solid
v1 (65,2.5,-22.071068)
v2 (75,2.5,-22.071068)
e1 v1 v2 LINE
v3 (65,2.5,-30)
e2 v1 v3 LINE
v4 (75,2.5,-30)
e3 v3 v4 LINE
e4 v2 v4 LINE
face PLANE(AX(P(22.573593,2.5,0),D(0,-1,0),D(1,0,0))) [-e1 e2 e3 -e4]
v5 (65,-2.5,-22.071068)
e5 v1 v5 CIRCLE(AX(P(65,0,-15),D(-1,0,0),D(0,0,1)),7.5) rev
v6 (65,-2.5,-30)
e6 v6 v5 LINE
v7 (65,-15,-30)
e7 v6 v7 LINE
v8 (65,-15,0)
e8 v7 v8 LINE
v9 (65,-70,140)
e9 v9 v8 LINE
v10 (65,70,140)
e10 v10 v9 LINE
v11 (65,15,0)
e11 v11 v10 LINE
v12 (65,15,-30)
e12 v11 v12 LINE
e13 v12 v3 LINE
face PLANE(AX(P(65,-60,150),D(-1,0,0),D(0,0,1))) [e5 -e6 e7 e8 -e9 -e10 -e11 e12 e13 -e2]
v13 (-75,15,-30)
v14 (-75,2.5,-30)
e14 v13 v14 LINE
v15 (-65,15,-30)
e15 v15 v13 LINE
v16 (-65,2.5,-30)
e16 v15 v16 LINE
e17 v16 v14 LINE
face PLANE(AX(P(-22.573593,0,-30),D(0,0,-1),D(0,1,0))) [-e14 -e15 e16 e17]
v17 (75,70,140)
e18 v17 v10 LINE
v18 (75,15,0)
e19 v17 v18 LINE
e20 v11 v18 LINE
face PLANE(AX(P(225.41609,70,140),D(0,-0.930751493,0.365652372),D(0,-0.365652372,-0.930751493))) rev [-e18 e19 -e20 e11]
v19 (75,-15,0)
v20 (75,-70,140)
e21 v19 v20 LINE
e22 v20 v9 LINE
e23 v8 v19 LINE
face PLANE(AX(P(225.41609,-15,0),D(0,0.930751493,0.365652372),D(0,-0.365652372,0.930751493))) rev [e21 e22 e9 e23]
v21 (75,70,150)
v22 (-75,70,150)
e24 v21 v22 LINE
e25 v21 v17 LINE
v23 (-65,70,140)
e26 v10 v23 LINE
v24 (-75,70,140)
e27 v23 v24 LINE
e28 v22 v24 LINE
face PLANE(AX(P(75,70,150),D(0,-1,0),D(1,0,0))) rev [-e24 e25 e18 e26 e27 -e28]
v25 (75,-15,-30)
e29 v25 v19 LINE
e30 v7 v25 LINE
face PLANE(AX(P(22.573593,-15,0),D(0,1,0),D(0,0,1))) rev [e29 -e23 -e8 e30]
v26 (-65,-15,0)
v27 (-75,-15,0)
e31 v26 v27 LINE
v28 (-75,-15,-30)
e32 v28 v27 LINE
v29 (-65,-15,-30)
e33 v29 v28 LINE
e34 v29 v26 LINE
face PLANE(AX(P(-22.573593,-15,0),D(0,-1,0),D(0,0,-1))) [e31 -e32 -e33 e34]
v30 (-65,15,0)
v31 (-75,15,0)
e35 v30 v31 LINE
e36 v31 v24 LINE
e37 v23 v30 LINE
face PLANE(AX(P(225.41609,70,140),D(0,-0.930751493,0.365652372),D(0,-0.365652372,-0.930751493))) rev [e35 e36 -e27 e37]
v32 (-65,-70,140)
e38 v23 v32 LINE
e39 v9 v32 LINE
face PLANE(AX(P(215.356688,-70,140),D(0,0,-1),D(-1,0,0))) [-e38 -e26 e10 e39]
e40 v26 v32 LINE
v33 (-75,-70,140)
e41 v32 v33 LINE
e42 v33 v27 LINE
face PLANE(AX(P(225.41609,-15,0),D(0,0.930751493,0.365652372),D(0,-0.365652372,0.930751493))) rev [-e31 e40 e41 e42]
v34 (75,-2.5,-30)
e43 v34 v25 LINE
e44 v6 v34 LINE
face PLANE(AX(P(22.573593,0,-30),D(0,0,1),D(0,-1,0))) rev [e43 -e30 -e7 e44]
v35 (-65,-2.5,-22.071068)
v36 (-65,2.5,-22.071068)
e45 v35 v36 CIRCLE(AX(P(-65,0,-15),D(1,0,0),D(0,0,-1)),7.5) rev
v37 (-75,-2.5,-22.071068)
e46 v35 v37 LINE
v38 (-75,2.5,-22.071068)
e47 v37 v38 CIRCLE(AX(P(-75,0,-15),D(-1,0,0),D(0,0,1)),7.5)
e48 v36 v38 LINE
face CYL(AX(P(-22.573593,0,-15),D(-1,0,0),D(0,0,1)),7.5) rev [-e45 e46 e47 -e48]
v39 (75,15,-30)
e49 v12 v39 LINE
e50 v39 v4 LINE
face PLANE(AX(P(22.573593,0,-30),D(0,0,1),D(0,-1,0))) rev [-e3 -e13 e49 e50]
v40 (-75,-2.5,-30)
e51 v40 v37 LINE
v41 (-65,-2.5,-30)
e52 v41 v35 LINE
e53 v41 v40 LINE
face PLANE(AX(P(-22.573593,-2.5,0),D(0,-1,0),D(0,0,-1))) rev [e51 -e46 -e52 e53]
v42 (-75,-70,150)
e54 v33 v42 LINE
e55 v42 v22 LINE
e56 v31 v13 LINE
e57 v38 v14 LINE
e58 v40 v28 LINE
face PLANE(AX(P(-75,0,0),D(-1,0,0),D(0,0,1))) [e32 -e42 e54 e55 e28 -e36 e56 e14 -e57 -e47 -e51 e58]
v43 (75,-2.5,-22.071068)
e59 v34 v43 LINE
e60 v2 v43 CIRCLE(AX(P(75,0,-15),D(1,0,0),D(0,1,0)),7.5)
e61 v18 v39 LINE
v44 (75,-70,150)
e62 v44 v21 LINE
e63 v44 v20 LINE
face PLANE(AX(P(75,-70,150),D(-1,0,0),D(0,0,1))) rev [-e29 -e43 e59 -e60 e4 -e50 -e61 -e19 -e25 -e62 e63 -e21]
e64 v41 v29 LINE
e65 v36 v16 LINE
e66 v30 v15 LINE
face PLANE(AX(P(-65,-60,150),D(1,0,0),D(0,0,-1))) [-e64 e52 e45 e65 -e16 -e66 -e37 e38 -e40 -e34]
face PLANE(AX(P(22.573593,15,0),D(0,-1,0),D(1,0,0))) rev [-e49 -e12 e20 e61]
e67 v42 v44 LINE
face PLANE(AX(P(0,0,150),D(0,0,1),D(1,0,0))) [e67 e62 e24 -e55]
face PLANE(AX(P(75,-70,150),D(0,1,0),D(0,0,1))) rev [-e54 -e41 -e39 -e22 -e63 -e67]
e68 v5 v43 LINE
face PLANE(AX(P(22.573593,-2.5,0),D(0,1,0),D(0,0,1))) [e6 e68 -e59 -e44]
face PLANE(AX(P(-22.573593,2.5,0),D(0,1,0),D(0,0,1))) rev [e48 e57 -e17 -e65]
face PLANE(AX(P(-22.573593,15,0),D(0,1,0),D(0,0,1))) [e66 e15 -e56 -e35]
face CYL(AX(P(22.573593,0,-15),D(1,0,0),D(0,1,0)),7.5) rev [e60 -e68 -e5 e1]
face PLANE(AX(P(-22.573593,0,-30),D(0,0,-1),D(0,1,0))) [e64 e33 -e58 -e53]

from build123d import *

# Parameters (mm, degrees)
SKETCH1_W               = 150
SKETCH1_H               = 140
SKETCH1_W_2             = 130
SKETCH1_H_2             = 120
BOSS_EXTRUDE1_DEPTH     = 150
BOSS_EXTRUDE2_DEPTH     = 10
BOSS_EXTRUDE3_DEPTH     = 10
SKETCH7_W               = 130
SKETCH7_H               = 150
CUT_EXTRUDE2_DEPTH      = 140
SKETCH8_W               = 10
SKETCH8_H               = 140
BOSS_EXTRUDE4_DEPTH     = 150
CUT_EXTRUDE3_DEPTH      = 1
CUT_EXTRUDE3_DEPTH_BACK = 150


with BuildPart() as part:
    # Sketch1 → Boss-Extrude1 (new body)
    with BuildSketch(Plane.XY):
        Rectangle(SKETCH1_W, SKETCH1_H)
        Rectangle(SKETCH1_W_2, SKETCH1_H_2, mode=Mode.SUBTRACT)
    extrude(amount=BOSS_EXTRUDE1_DEPTH)

    # Sketch3 → Boss-Extrude2 (add)
    with BuildSketch(Plane(origin=(75, 0, 0), x_dir=(0, 0, -1), z_dir=(1, 0, 0))):
        with BuildLine():
            Line((30, 15), (0, 15))
            Line((0, 15), (0, -15))
            Line((0, -15), (30, -15))
            Line((30, -15), (30, -2.5))
            Line((30, -2.5), (22.071067812, -2.5))
            ThreePointArc((22.071067812, -2.5), (7.5, 0), (22.071067812, 2.5))
            Line((22.071067812, 2.5), (30, 2.5))
            Line((30, 2.5), (30, 15))
        make_face()
    extrude(amount=-BOSS_EXTRUDE2_DEPTH)

    # Sketch4 → Boss-Extrude3 (add)
    with BuildSketch(Plane.ZY.offset(75)):
        with BuildLine():
            Line((0, -15), (0, 15))
            Line((0, 15), (-30, 15))
            Line((-30, 15), (-30, 2.5))
            Line((-30, 2.5), (-22.071067812, 2.5))
            ThreePointArc((-22.071067812, 2.5), (-13.73173516, 7.391989197), (-7.5, 0))
            ThreePointArc((-7.5, 0), (-13.73173516, -7.391989197), (-22.071067812, -2.5))
            Line((-22.071067812, -2.5), (-30, -2.5))
            Line((-30, -2.5), (-30, -15))
            Line((-30, -15), (0, -15))
        make_face()
    extrude(amount=-BOSS_EXTRUDE3_DEPTH)

    # Sketch7 → Cut-Extrude2 (cut)
    with BuildSketch(Plane.XZ.offset(70)):
        with Locations((0, 75)):
            Rectangle(SKETCH7_W, SKETCH7_H)
    extrude(amount=-CUT_EXTRUDE2_DEPTH, mode=Mode.SUBTRACT)

    # Sketch8 → Boss-Extrude4 (add)
    with BuildSketch(Plane.ZY.offset(75)):
        with Locations((145, 0)):
            Rectangle(SKETCH8_W, SKETCH8_H)
    extrude(amount=-BOSS_EXTRUDE4_DEPTH)

    # Sketch9 → Cut-Extrude3 (cut, two sides)
    with BuildSketch(Plane.ZY.offset(75)) as cut_extrude3_sk:
        Polygon((0, -15), (140, -70), (0, -70), align=None)
        Polygon((0, 15), (0, 70), (140, 70), align=None)
    extrude(amount=CUT_EXTRUDE3_DEPTH, mode=Mode.SUBTRACT)
    extrude(cut_extrude3_sk.sketch, amount=-CUT_EXTRUDE3_DEPTH_BACK, mode=Mode.SUBTRACT)


solid = part.part
